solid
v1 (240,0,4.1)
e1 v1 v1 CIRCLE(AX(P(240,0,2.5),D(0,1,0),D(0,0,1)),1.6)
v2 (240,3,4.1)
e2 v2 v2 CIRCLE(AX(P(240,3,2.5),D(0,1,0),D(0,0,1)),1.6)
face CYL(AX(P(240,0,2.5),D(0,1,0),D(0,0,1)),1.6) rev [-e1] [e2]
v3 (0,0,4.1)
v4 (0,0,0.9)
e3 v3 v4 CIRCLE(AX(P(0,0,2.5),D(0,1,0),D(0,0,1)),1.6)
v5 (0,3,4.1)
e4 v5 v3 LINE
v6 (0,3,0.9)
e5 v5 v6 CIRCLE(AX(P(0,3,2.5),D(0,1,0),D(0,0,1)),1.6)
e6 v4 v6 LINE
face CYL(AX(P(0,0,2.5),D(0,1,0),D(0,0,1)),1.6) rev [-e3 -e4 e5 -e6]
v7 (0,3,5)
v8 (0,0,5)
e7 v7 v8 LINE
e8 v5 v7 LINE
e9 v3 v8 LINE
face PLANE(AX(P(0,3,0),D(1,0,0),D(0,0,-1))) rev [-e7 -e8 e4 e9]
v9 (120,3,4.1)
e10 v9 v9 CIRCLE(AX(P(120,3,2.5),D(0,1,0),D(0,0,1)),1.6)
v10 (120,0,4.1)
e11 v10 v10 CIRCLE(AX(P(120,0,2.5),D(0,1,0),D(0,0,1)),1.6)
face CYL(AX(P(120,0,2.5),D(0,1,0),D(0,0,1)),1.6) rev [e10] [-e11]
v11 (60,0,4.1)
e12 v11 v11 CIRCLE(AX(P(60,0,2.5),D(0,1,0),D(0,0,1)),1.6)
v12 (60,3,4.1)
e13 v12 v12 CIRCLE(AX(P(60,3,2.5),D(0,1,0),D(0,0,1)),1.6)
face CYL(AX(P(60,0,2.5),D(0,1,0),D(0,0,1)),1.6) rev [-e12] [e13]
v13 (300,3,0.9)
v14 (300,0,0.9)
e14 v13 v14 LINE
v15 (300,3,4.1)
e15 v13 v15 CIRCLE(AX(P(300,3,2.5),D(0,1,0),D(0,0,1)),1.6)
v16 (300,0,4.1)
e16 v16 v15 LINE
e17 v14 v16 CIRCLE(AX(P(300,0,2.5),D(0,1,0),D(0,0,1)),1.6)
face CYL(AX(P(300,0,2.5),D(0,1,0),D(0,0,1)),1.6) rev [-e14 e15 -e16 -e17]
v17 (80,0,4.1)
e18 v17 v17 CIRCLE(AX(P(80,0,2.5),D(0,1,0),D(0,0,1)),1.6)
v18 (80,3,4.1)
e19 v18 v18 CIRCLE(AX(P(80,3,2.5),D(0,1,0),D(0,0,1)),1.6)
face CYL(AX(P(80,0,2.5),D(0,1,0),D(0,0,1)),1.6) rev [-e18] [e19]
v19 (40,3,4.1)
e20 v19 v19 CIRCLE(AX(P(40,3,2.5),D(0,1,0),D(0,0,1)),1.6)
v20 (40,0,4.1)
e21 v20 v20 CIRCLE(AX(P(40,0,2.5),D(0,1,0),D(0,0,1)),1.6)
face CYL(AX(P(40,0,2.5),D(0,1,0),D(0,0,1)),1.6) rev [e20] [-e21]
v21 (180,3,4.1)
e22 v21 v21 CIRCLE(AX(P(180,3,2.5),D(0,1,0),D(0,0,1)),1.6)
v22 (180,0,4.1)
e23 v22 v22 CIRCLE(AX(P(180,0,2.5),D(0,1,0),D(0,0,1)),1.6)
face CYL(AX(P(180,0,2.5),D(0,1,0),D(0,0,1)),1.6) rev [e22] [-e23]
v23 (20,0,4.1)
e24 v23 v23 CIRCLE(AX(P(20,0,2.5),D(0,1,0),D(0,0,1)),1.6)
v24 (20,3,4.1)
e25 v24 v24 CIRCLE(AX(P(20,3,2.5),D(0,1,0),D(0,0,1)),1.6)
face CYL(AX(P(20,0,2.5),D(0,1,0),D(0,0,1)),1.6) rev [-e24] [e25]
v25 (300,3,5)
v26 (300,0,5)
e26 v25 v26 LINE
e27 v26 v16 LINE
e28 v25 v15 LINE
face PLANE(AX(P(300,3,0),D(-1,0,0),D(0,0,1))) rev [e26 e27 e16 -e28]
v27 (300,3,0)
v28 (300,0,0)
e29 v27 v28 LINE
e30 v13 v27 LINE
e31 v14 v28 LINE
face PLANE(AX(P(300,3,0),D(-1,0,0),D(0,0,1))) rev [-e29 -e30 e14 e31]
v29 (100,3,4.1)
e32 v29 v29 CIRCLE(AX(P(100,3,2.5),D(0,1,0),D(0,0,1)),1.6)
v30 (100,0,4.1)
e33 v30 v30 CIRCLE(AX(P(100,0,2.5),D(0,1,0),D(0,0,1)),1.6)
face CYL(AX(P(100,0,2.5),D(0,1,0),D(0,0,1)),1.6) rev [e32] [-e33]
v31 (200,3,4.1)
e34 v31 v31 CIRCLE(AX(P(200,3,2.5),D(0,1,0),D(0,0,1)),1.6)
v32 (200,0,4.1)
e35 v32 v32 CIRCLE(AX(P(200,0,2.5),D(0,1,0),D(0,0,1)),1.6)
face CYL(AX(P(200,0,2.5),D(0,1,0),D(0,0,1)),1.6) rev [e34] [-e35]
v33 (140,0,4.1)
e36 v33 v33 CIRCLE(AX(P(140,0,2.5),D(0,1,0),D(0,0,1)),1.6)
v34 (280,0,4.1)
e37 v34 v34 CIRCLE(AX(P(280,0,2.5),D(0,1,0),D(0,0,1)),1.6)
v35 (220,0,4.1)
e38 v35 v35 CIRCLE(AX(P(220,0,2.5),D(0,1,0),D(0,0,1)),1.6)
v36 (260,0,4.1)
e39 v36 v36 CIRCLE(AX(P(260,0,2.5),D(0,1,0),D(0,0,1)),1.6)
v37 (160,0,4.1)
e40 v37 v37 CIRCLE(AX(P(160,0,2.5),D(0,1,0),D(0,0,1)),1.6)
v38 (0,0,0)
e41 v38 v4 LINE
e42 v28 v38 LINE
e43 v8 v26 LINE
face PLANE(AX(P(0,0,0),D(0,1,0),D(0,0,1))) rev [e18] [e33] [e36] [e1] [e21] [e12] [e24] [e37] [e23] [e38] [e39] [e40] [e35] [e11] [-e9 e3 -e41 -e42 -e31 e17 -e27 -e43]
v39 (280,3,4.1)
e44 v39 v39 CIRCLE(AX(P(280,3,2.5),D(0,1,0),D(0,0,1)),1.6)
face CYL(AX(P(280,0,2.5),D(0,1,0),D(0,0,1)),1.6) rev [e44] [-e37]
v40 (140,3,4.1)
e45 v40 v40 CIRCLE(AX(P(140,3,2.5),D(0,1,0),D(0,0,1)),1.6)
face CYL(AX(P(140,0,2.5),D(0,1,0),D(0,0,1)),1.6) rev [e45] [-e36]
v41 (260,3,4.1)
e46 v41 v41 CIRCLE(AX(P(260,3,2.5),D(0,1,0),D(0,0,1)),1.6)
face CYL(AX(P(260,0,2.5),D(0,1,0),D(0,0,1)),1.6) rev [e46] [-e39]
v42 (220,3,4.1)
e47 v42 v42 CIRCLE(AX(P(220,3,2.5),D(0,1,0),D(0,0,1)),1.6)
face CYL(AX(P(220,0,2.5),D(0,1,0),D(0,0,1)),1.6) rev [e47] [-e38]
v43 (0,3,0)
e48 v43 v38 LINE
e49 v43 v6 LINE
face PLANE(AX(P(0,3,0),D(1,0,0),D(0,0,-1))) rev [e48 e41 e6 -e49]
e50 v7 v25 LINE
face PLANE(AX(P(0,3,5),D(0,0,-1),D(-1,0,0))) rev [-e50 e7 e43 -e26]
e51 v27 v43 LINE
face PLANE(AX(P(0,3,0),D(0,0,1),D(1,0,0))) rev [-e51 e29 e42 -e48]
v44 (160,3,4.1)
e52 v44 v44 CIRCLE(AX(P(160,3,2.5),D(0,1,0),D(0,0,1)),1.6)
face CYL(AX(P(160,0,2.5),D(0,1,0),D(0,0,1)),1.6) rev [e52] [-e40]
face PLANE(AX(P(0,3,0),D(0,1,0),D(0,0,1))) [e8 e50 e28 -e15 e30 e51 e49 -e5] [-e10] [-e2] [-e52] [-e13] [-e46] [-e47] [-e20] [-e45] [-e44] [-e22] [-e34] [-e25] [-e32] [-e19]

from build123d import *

# Parameters (mm, degrees)
SKETCH1_W           = 300
SKETCH1_H           = 5
BOSS_EXTRUDE1_DEPTH = 3
SKETCH2_R           = 1.6
CUT_EXTRUDE1_DEPTH  = 3


with BuildPart() as part:
    # Sketch1 → Boss-Extrude1 (new body)
    with BuildSketch(Plane(origin=(0, 0, 0), x_dir=(1, 0, 0), z_dir=(0, 1, 0))):
        with Locations((150, -2.5)):
            Rectangle(SKETCH1_W, SKETCH1_H)
    extrude(amount=BOSS_EXTRUDE1_DEPTH)

    # Sketch2 → Cut-Extrude1 (cut)
    with BuildSketch(Plane(origin=(0, 3, 0), x_dir=(1, 0, 0), z_dir=(0, 1, 0))):
        with Locations((0, -2.5)):
            Circle(SKETCH2_R)
        with Locations((20, -2.5)):
            Circle(SKETCH2_R)
        with Locations((40, -2.5)):
            Circle(SKETCH2_R)
        with Locations((60, -2.5)):
            Circle(SKETCH2_R)
        with Locations((80, -2.5)):
            Circle(SKETCH2_R)
        with Locations((100, -2.5)):
            Circle(SKETCH2_R)
        with Locations((120, -2.5)):
            Circle(SKETCH2_R)
        with Locations((140, -2.5)):
            Circle(SKETCH2_R)
        with Locations((160, -2.5)):
            Circle(SKETCH2_R)
        with Locations((180, -2.5)):
            Circle(SKETCH2_R)
        with Locations((200, -2.5)):
            Circle(SKETCH2_R)
        with Locations((220, -2.5)):
            Circle(SKETCH2_R)
        with Locations((240, -2.5)):
            Circle(SKETCH2_R)
        with Locations((260, -2.5)):
            Circle(SKETCH2_R)
        with Locations((280, -2.5)):
            Circle(SKETCH2_R)
        with Locations((300, -2.5)):
            Circle(SKETCH2_R)
        with Locations((320, -2.5)):
            Circle(SKETCH2_R)
        with Locations((340, -2.5)):
            Circle(SKETCH2_R)
        with Locations((360, -2.5)):
            Circle(SKETCH2_R)
        with Locations((380, -2.5)):
            Circle(SKETCH2_R)
        with Locations((400, -2.5)):
            Circle(SKETCH2_R)
        with Locations((420, -2.5)):
            Circle(SKETCH2_R)
        with Locations((440, -2.5)):
            Circle(SKETCH2_R)
        with Locations((460, -2.5)):
            Circle(SKETCH2_R)
        with Locations((480, -2.5)):
            Circle(SKETCH2_R)
        with Locations((500, -2.5)):
            Circle(SKETCH2_R)
        with Locations((520, -2.5)):
            Circle(SKETCH2_R)
        with Locations((540, -2.5)):
            Circle(SKETCH2_R)
        with Locations((560, -2.5)):
            Circle(SKETCH2_R)
        with Locations((580, -2.5)):
            Circle(SKETCH2_R)
        with Locations((600, -2.5)):
            Circle(SKETCH2_R)
        with Locations((620, -2.5)):
            Circle(SKETCH2_R)
        with Locations((640, -2.5)):
            Circle(SKETCH2_R)
        with Locations((660, -2.5)):
            Circle(SKETCH2_R)
        with Locations((680, -2.5)):
            Circle(SKETCH2_R)
        with Locations((700, -2.5)):
            Circle(SKETCH2_R)
        with Locations((720, -2.5)):
            Circle(SKETCH2_R)
        with Locations((740, -2.5)):
            Circle(SKETCH2_R)
        with Locations((760, -2.5)):
            Circle(SKETCH2_R)
        with Locations((780, -2.5)):
            Circle(SKETCH2_R)
        with Locations((800, -2.5)):
            Circle(SKETCH2_R)
        with Locations((820, -2.5)):
            Circle(SKETCH2_R)
        with Locations((840, -2.5)):
            Circle(SKETCH2_R)
        with Locations((860, -2.5)):
            Circle(SKETCH2_R)
        with Locations((880, -2.5)):
            Circle(SKETCH2_R)
        with Locations((900, -2.5)):
            Circle(SKETCH2_R)
        with Locations((920, -2.5)):
            Circle(SKETCH2_R)
        with Locations((940, -2.5)):
            Circle(SKETCH2_R)
        with Locations((960, -2.5)):
            Circle(SKETCH2_R)
        with Locations((980, -2.5)):
            Circle(SKETCH2_R)
        with Locations((1000, -2.5)):
            Circle(SKETCH2_R)
        with Locations((1020, -2.5)):
            Circle(SKETCH2_R)
        with Locations((1040, -2.5)):
            Circle(SKETCH2_R)
        with Locations((1060, -2.5)):
            Circle(SKETCH2_R)
        with Locations((1080, -2.5)):
            Circle(SKETCH2_R)
        with Locations((1100, -2.5)):
            Circle(SKETCH2_R)
        with Locations((1120, -2.5)):
            Circle(SKETCH2_R)
        with Locations((1140, -2.5)):
            Circle(SKETCH2_R)
        with Locations((1160, -2.5)):
            Circle(SKETCH2_R)
        with Locations((1180, -2.5)):
            Circle(SKETCH2_R)
        with Locations((1200, -2.5)):
            Circle(SKETCH2_R)
        with Locations((1220, -2.5)):
            Circle(SKETCH2_R)
        with Locations((1240, -2.5)):
            Circle(SKETCH2_R)
        with Locations((1260, -2.5)):
            Circle(SKETCH2_R)
        with Locations((1280, -2.5)):
            Circle(SKETCH2_R)
        with Locations((1300, -2.5)):
            Circle(SKETCH2_R)
        with Locations((1320, -2.5)):
            Circle(SKETCH2_R)
        with Locations((1340, -2.5)):
            Circle(SKETCH2_R)
        with Locations((1360, -2.5)):
            Circle(SKETCH2_R)
        with Locations((1380, -2.5)):
            Circle(SKETCH2_R)
        with Locations((1400, -2.5)):
            Circle(SKETCH2_R)
        with Locations((1420, -2.5)):
            Circle(SKETCH2_R)
        with Locations((1440, -2.5)):
            Circle(SKETCH2_R)
        with Locations((1460, -2.5)):
            Circle(SKETCH2_R)
        with Locations((1480, -2.5)):
            Circle(SKETCH2_R)
        with Locations((1500, -2.5)):
            Circle(SKETCH2_R)
        with Locations((1520, -2.5)):
            Circle(SKETCH2_R)
        with Locations((1540, -2.5)):
            Circle(SKETCH2_R)
        with Locations((1560, -2.5)):
            Circle(SKETCH2_R)
        with Locations((1580, -2.5)):
            Circle(SKETCH2_R)
        with Locations((1600, -2.5)):
            Circle(SKETCH2_R)
        with Locations((1620, -2.5)):
            Circle(SKETCH2_R)
        with Locations((1640, -2.5)):
            Circle(SKETCH2_R)
        with Locations((1660, -2.5)):
            Circle(SKETCH2_R)
        with Locations((1680, -2.5)):
            Circle(SKETCH2_R)
        with Locations((1700, -2.5)):
            Circle(SKETCH2_R)
        with Locations((1720, -2.5)):
            Circle(SKETCH2_R)
        with Locations((1740, -2.5)):
            Circle(SKETCH2_R)
        with Locations((1760, -2.5)):
            Circle(SKETCH2_R)
        with Locations((1780, -2.5)):
            Circle(SKETCH2_R)
        with Locations((1800, -2.5)):
            Circle(SKETCH2_R)
        with Locations((1820, -2.5)):
            Circle(SKETCH2_R)
        with Locations((1840, -2.5)):
            Circle(SKETCH2_R)
        with Locations((1860, -2.5)):
            Circle(SKETCH2_R)
        with Locations((1880, -2.5)):
            Circle(SKETCH2_R)
        with Locations((1900, -2.5)):
            Circle(SKETCH2_R)
        with Locations((1920, -2.5)):
            Circle(SKETCH2_R)
        with Locations((1940, -2.5)):
            Circle(SKETCH2_R)
        with Locations((1960, -2.5)):
            Circle(SKETCH2_R)
        with Locations((1980, -2.5)):
            Circle(SKETCH2_R)
    extrude(amount=-CUT_EXTRUDE1_DEPTH, mode=Mode.SUBTRACT)


solid = part.part
